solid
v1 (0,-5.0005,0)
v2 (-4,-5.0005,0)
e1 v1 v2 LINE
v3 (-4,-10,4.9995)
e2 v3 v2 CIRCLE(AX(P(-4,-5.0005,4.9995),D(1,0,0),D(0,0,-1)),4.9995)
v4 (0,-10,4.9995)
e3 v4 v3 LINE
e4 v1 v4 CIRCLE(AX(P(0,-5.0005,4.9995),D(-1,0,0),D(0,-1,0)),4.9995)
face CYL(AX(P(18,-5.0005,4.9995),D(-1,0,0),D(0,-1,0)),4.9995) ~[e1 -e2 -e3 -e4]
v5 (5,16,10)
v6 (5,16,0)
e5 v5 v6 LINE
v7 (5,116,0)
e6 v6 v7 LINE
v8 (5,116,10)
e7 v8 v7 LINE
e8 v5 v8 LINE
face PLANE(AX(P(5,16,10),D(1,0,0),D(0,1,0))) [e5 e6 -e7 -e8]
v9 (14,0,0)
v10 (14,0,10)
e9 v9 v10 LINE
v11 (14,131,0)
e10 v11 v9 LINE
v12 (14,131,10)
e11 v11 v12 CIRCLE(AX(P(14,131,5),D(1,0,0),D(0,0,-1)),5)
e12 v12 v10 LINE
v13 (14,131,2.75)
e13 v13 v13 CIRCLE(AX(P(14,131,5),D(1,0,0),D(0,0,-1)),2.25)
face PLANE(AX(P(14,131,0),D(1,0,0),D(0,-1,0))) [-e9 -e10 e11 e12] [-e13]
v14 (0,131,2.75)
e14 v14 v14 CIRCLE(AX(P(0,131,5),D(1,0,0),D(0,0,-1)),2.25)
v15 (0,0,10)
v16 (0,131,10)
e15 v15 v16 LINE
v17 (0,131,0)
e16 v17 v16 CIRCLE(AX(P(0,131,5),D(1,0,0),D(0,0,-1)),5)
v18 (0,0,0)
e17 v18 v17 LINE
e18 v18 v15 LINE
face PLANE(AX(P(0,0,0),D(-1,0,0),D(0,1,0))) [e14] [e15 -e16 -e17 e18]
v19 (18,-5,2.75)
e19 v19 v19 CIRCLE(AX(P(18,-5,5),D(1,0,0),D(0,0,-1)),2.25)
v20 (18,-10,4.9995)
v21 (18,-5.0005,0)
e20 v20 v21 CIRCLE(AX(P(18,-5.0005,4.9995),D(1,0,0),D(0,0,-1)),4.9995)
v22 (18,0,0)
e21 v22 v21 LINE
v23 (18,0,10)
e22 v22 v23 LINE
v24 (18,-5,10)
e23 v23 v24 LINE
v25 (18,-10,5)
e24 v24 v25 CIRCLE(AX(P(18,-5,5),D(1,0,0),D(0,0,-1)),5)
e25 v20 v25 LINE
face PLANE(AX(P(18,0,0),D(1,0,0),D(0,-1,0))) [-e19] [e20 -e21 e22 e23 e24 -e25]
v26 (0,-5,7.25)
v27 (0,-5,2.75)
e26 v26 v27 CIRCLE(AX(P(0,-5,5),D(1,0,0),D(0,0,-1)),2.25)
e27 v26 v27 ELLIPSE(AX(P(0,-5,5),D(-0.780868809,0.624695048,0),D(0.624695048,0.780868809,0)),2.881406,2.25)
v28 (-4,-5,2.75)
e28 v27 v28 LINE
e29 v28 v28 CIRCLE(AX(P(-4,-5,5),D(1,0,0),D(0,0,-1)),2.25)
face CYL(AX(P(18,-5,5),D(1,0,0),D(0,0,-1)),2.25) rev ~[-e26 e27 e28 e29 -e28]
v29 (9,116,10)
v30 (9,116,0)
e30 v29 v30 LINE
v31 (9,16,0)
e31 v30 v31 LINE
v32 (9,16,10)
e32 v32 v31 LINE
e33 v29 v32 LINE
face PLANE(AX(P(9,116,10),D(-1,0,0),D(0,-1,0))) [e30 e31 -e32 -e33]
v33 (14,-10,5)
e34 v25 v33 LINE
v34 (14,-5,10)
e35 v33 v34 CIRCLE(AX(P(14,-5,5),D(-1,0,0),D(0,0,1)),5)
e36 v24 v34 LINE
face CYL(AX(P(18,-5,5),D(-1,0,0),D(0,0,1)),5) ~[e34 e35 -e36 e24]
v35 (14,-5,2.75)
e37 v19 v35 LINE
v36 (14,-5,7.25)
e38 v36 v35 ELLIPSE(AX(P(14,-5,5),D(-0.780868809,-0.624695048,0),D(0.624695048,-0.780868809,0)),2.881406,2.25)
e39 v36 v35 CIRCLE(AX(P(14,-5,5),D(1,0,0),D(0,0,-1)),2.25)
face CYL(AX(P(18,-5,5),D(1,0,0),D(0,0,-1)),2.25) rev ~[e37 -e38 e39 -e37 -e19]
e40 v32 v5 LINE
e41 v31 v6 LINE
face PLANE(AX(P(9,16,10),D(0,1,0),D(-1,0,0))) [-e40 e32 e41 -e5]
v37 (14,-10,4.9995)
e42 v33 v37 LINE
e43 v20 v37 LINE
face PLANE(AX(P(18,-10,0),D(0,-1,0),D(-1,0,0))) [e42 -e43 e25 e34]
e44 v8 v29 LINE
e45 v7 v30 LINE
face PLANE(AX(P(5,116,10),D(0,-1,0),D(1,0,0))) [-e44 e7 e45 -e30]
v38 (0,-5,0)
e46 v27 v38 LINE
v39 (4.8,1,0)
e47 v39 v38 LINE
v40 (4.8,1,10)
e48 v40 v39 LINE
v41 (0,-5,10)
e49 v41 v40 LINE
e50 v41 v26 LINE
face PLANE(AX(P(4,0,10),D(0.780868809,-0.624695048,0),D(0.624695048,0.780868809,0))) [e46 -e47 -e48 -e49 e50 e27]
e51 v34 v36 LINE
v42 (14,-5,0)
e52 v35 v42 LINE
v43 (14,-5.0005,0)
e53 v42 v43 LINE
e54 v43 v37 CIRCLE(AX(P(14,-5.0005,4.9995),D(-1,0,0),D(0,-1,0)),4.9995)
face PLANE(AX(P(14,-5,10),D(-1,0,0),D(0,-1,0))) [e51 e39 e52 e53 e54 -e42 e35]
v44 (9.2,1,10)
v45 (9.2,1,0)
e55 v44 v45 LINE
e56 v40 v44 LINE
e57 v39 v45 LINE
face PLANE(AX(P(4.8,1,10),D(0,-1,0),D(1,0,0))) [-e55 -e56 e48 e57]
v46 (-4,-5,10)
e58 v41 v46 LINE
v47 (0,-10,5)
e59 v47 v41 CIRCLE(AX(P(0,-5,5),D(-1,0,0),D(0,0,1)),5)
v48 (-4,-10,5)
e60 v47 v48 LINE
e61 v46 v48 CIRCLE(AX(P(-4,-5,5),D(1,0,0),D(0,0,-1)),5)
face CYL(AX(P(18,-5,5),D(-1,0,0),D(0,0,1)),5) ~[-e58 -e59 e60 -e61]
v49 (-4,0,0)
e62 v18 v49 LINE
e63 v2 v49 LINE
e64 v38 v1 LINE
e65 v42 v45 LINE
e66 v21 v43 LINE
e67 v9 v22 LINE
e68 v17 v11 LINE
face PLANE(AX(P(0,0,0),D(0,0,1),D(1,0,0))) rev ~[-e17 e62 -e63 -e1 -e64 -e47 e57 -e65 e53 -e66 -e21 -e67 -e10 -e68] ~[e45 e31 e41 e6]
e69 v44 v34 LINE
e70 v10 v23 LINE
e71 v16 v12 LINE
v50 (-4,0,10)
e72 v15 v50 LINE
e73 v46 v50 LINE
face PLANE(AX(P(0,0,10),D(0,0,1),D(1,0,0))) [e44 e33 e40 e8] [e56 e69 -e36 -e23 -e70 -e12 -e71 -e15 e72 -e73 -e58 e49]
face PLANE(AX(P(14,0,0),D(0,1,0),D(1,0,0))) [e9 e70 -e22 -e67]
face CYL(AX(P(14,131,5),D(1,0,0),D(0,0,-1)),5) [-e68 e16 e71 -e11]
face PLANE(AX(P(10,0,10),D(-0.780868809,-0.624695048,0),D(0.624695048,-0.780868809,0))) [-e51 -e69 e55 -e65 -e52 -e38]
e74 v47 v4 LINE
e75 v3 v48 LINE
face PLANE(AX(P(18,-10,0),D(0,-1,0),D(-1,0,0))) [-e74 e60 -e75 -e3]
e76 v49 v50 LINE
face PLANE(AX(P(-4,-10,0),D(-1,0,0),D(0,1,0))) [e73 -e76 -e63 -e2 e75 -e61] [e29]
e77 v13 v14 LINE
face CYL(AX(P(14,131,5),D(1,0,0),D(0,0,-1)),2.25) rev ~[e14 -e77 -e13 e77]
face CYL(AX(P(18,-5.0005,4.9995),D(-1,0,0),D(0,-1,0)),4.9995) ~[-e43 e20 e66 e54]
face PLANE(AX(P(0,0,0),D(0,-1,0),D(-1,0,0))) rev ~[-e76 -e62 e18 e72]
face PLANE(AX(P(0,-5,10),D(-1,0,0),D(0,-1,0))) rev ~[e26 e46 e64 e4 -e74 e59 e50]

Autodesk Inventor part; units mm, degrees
ref_plane "YZ Plane" through (0, 0, 0) normal (1, 0, 0) x (0, 1, 0)
ref_plane "XZ Plane" through (0, 0, 0) normal (0, 1, 0) x (-1, 0, 0)
ref_plane "XY Plane" through (0, 0, 0) normal (0, 0, 1) x (1, 0, 0)
sketch "Sketch1" plane through (0, 0, 0) normal (0, 0, 1) x (1, 0, 0)
  point P0 (0, 0)
sketch "Sketch2" plane through (0, 0, 0) normal (0, 0, 1) x (1, 0, 0)
  line L0 (0, 0) -> (0, 131)
  line L1 (0, 131) -> (14, 131)
  line L2 (14, 131) -> (14, 0)
  line L3 (0, 0) -> (-4, 0)
  line L4 (14, 0) -> (18, 0)
  line L5 (18, 0) -> (18, -10)
  line L6 (18, -10) -> (-4, -10)
  line L7 (-4, -10) -> (-4, 0)
  dimension "d0" = 14
  dimension "d17" = 4
  dimension "d18" = 10
  dimension "d19" = 4
  dimension "d38" = 131
  dimension "d39" = 131
extrude "Extrusion1" add sketch "Sketch2" along normal blind 10
sketch "Sketch4" plane through (14, 0, 0) normal (1, 0, 0) x (0, 0, -1)
  line L0 (0, 131) -> (-10, 131) projected
  arc A0 (0, 131) -> (-10, 131) centre (-5, 131) ccw
  line L1 (0, 0) -> (-10, 0) projected
  arc A1 (-10, 0) -> (0, 0) centre (-5, 0) ccw
  dimension "d4" = 5
  dimension "d5" = 5
extrude "Extrusion2" add sketch "Sketch4" against normal blind 14 contours L0 A0
sketch "Sketch8" plane through (18, -10, 0) normal (1, 0, 0) x (0, 0, -1)
  circle A0 centre (-5, 5) radius 2.25
  line L0 (0, 0) -> (0, 10) projected
  line L1 (0, 0) -> (-10, 0) projected
  dimension "d21" = 4.5
  dimension "d22" = 5
  dimension "d23" = 5
extrude "Extrusion6" cut sketch "Sketch8" against normal blind 22
fillet "Fillet1" radius 5 1 edges at (7, -10, 10)
fillet "Fillet2" radius 5 1 edges at (7, -10, 0)
sketch "Sketch10" plane through (14, 0, 10) normal (1, 0, 0) x (0, 0, -1)
  circle A0 centre (5, 131) radius 2.25
  line L0 (10, 0) -> (10, 131) projected
  arc A1 (10, 131) -> (0, 131) centre (5, 131) ccw projected
  dimension "d28" = 4.5
  dimension "d29" = 5
  dimension "d30" = 0
extrude "Extrusion7" cut sketch "Sketch10" against normal blind 14
sketch "Sketch11" plane through (0, 0, 0) normal (0, 0, -1) x (-1, 0, 0)
  line L0 (-4, 0) -> (-10, 0)
  line L1 (-10, 0) -> (-10, -10)
  line L2 (4, -10) -> (-18, -10) projected
  line L3 (-4, -10) -> (-4, 0)
  line L4 (-14, 0) -> (-14, 131) projected
  point P0 (0, 0)
  dimension "d33" = 4
  dimension "d34" = 4
  dimension "d35" = 6
extrude "Extrusion8" cut sketch "Sketch11" against normal blind 10
sketch "Sketch20" plane through (0, 0, 10) normal (0, 0, 1) x (1, 0, 0)
  line L0 (4, -5) -> (4, 0) projected
  line L1 (4, 0) -> (0, -5)
  line L2 (-4, -5) -> (4, -5) projected
  line L3 (4, -5) -> (4, -10) projected
  line L4 (0, -5) -> (4, -5)
  line L5 (4, 0) -> (4, -5)
  point P0 (0, 0)
extrude "Extrusion16" cut sketch "Sketch20" against normal blind 10
sketch "Sketch21" plane through (0, 0, 10) normal (0, 0, 1) x (1, 0, 0)
  line L0 (0, -5) -> (4, 0) projected
  line L1 (4, -5) -> (4, -10) projected
  line L2 (0, -5) -> (4, -5)
  line L3 (-4, -10) -> (4, -10) projected
  line L4 (4, -10) -> (0, -10)
  line L5 (-4, -5) -> (0, -5) projected
  line L6 (0, -5) -> (0, -10)
  line L7 (4, -5) -> (4, -10)
  point P0 (0, 0)
extrude "Extrusion17" cut sketch "Sketch21" against normal blind 10
sketch "Sketch22" plane through (0, 0, 10) normal (0, 0, 1) x (1, 0, 0)
  line L0 (10, -5) -> (10, 0) projected
  line L1 (10, 0) -> (14, -5)
  line L2 (10, -5) -> (18, -5) projected
  line L3 (10, 0) -> (10, -5)
  line L4 (10, -5) -> (14, -5)
  point P0 (0, 0)
extrude "Extrusion18" cut sketch "Sketch22" against normal blind 10
sketch "Sketch23" plane through (0, 0, 10) normal (0, 0, 1) x (1, 0, 0)
  line L0 (10, -10) -> (10, -5) projected
  line L1 (18, -5) -> (14, -5) projected
  line L2 (10, -5) -> (14, -5)
  line L3 (14, -5) -> (14, -10)
  line L4 (10, -10) -> (18, -10) projected
  line L5 (10, -5) -> (10, -10)
  line L6 (10, -10) -> (14, -10)
  point P0 (0, 0)
extrude "Extrusion19" cut sketch "Sketch23" against normal blind 10
sketch "Sketch24" plane through (0, 0, 10) normal (0, 0, 1) x (1, 0, 0)
  line L0 (4, 0) -> (10, 0) projected
  line L1 (4, 0) -> (4.8, 1)
  line L2 (0, -5) -> (4, 0) projected
  line L3 (4.8, 1) -> (9.2, 1)
  line L4 (14, -5) -> (10, 0) projected
  line L5 (9.2, 1) -> (10, 0)
  point P0 (0, 0)
  dimension "d66" = 1
extrude "Extrusion20" cut sketch "Sketch24" against normal blind 10
sketch "Sketch25" plane through (0, 0, 10) normal (0, 0, 1) x (1, 0, 0)
  line L0 (5, 116) -> (9, 116)
  line L1 (9, 116) -> (9, 16)
  line L2 (9, 16) -> (5, 16)
  line L3 (5, 16) -> (5, 116)
  line L4 (14, 0) -> (14, 131) projected
  line L5 (14, 131) -> (0, 131) projected
  line L6 (4.8, 1) -> (9.2, 1) projected
  line L7 (0, 131) -> (0, 0) projected
  dimension "d82" = 5
  dimension "d84" = 4
  dimension "d85" = 100
  dimension "d86" = 15
extrude "Extrusion21" cut sketch "Sketch25" against normal blind 10
properties part number "Rod"
